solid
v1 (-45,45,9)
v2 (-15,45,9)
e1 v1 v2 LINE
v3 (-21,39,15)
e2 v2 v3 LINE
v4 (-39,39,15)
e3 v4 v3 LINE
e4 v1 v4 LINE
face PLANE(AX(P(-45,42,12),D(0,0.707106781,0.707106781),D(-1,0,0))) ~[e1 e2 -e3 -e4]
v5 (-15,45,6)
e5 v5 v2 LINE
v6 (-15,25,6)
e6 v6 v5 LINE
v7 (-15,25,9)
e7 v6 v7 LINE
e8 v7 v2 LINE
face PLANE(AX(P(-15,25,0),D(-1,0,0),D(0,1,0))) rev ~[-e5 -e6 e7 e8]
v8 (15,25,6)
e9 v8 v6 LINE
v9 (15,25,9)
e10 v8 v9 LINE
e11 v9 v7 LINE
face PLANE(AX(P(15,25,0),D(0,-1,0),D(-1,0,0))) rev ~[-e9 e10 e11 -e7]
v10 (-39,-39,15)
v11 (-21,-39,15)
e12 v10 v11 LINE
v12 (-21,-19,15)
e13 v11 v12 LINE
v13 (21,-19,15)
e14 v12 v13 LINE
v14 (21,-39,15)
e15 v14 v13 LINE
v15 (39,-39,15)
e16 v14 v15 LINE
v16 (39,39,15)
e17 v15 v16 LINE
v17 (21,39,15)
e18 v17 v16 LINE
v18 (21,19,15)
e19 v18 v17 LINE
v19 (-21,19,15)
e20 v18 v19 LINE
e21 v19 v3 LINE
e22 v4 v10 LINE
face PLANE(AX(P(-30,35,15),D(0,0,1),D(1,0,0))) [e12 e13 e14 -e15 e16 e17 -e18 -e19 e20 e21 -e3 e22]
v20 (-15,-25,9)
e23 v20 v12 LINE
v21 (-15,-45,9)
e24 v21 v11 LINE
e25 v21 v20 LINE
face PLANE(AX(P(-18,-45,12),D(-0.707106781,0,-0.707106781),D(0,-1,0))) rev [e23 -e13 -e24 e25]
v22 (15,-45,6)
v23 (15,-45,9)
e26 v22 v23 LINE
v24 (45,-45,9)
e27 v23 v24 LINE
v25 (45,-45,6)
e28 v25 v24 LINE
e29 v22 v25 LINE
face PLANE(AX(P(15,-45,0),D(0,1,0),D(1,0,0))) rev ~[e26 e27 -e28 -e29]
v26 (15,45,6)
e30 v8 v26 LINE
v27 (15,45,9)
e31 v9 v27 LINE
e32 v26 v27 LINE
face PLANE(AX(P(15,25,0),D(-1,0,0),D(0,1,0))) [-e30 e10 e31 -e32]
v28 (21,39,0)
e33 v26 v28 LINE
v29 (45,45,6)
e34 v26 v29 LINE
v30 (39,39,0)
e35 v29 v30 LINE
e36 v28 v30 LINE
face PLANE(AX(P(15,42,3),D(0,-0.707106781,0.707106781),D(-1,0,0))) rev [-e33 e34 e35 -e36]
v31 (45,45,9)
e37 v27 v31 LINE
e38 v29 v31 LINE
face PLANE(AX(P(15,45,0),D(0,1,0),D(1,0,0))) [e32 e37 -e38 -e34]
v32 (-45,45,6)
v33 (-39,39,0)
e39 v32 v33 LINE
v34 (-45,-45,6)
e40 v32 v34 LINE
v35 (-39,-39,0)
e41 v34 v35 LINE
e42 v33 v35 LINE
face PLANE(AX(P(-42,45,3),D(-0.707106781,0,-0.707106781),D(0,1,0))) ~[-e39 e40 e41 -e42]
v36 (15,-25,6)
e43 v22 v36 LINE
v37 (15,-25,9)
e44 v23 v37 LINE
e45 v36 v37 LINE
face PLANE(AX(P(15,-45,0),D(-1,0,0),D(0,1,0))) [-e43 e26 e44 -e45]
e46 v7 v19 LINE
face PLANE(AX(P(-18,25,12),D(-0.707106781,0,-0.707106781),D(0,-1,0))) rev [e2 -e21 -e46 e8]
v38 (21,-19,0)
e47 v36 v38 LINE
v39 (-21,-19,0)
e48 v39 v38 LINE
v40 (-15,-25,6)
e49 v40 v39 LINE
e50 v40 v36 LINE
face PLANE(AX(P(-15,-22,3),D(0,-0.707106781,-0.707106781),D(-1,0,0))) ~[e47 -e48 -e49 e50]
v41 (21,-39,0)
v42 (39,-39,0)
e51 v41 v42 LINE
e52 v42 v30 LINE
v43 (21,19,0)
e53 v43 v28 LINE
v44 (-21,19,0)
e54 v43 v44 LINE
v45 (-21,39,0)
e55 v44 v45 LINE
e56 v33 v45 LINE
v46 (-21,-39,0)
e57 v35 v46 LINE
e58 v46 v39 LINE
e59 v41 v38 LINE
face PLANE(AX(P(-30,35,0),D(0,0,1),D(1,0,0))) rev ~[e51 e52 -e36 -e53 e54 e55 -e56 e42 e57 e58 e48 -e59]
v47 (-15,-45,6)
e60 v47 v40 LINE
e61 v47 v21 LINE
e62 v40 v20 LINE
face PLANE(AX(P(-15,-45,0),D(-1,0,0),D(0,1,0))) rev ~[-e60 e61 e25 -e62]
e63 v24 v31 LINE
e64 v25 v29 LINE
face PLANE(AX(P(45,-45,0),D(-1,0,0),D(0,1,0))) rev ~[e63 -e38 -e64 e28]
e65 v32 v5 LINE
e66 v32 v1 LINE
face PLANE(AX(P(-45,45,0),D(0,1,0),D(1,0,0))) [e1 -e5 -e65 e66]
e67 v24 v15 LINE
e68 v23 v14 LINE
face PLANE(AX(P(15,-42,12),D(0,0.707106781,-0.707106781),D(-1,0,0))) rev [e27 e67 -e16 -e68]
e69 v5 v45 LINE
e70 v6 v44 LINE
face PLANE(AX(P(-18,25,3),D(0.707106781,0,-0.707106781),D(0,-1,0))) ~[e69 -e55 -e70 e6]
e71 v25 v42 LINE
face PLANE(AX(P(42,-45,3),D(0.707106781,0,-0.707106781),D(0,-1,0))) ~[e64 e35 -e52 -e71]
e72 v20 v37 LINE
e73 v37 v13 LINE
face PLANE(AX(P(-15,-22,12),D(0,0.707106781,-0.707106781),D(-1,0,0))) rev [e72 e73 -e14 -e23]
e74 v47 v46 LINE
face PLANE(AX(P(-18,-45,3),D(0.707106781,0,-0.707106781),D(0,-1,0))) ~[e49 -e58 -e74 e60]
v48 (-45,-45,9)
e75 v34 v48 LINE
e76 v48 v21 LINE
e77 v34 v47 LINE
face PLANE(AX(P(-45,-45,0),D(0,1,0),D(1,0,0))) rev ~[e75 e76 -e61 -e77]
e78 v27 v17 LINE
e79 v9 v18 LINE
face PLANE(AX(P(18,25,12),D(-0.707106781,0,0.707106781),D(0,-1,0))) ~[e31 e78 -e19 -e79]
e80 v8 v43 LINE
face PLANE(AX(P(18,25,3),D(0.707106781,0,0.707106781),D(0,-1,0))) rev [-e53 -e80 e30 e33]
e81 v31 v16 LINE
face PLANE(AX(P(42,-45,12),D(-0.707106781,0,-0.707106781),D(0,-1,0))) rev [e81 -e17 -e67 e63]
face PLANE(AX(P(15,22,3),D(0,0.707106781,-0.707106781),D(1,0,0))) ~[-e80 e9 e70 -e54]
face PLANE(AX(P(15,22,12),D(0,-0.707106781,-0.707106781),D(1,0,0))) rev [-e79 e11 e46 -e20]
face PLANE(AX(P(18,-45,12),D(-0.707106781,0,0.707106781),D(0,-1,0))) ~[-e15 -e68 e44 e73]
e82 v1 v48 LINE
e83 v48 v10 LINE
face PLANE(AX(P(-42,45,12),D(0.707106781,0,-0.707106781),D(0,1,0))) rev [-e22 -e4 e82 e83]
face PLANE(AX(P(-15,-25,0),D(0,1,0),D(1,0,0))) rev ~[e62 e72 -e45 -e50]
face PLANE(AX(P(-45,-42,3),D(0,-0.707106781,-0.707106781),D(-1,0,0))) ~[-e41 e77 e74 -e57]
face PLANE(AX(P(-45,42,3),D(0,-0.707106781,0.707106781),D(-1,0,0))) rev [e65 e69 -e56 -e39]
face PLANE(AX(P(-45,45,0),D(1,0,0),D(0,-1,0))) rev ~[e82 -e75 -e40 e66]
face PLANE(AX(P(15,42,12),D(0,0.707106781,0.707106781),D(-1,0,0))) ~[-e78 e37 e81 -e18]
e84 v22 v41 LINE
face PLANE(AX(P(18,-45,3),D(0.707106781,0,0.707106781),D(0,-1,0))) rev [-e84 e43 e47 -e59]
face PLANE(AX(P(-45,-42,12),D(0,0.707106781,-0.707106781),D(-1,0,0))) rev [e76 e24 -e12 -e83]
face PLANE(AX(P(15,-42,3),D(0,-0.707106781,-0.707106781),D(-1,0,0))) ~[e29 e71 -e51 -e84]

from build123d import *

# Parameters (mm, degrees)
F0_W     = 30
F0_H     = 20
F1_DEPTH = 15
F2_SIZE  = 6


with BuildPart() as f1:
    # F0 (on Top) → F1 (new body)
    with BuildSketch(Plane.XY):
        with Locations((-30, 35)):
            Rectangle(F0_W, F0_H)
        Polygon((45, -25), (45, 25), (15, 25), (-15, 25), (-45, 25), (-45, -25), (-15, -25), (15, -25), align=None)
        with Locations((30, 35)):
            Rectangle(F0_W, F0_H)
        with Locations((30, -35)):
            Rectangle(F0_W, F0_H)
        with Locations((-30, -35)):
            Rectangle(F0_W, F0_H)
    extrude(amount=F1_DEPTH)

    # F2
    f2_edges = [f1.edges().sort_by_distance(p)[0] for p in [
        (-15, 35, 15),
        (-30, 45, 15),
        (-45, 0, 15),
        (-30, -45, 15),
        (-15, -35, 15),
        (0, -25, 15),
        (15, -35, 15),
        (30, -45, 15),
        (45, 0, 15),
        (30, 45, 15),
        (15, 35, 15),
        (0, 25, 15),
        (-15, 35, 0),
        (-30, 45, 0),
        (-45, 0, 0),
        (-30, -45, 0),
        (-15, -35, 0),
        (0, -25, 0),
        (15, -35, 0),
        (30, -45, 0),
        (45, 0, 0),
        (30, 45, 0),
        (15, 35, 0),
        (0, 25, 0),
    ]]
    chamfer(f2_edges, length=F2_SIZE)


solid = f1.part
